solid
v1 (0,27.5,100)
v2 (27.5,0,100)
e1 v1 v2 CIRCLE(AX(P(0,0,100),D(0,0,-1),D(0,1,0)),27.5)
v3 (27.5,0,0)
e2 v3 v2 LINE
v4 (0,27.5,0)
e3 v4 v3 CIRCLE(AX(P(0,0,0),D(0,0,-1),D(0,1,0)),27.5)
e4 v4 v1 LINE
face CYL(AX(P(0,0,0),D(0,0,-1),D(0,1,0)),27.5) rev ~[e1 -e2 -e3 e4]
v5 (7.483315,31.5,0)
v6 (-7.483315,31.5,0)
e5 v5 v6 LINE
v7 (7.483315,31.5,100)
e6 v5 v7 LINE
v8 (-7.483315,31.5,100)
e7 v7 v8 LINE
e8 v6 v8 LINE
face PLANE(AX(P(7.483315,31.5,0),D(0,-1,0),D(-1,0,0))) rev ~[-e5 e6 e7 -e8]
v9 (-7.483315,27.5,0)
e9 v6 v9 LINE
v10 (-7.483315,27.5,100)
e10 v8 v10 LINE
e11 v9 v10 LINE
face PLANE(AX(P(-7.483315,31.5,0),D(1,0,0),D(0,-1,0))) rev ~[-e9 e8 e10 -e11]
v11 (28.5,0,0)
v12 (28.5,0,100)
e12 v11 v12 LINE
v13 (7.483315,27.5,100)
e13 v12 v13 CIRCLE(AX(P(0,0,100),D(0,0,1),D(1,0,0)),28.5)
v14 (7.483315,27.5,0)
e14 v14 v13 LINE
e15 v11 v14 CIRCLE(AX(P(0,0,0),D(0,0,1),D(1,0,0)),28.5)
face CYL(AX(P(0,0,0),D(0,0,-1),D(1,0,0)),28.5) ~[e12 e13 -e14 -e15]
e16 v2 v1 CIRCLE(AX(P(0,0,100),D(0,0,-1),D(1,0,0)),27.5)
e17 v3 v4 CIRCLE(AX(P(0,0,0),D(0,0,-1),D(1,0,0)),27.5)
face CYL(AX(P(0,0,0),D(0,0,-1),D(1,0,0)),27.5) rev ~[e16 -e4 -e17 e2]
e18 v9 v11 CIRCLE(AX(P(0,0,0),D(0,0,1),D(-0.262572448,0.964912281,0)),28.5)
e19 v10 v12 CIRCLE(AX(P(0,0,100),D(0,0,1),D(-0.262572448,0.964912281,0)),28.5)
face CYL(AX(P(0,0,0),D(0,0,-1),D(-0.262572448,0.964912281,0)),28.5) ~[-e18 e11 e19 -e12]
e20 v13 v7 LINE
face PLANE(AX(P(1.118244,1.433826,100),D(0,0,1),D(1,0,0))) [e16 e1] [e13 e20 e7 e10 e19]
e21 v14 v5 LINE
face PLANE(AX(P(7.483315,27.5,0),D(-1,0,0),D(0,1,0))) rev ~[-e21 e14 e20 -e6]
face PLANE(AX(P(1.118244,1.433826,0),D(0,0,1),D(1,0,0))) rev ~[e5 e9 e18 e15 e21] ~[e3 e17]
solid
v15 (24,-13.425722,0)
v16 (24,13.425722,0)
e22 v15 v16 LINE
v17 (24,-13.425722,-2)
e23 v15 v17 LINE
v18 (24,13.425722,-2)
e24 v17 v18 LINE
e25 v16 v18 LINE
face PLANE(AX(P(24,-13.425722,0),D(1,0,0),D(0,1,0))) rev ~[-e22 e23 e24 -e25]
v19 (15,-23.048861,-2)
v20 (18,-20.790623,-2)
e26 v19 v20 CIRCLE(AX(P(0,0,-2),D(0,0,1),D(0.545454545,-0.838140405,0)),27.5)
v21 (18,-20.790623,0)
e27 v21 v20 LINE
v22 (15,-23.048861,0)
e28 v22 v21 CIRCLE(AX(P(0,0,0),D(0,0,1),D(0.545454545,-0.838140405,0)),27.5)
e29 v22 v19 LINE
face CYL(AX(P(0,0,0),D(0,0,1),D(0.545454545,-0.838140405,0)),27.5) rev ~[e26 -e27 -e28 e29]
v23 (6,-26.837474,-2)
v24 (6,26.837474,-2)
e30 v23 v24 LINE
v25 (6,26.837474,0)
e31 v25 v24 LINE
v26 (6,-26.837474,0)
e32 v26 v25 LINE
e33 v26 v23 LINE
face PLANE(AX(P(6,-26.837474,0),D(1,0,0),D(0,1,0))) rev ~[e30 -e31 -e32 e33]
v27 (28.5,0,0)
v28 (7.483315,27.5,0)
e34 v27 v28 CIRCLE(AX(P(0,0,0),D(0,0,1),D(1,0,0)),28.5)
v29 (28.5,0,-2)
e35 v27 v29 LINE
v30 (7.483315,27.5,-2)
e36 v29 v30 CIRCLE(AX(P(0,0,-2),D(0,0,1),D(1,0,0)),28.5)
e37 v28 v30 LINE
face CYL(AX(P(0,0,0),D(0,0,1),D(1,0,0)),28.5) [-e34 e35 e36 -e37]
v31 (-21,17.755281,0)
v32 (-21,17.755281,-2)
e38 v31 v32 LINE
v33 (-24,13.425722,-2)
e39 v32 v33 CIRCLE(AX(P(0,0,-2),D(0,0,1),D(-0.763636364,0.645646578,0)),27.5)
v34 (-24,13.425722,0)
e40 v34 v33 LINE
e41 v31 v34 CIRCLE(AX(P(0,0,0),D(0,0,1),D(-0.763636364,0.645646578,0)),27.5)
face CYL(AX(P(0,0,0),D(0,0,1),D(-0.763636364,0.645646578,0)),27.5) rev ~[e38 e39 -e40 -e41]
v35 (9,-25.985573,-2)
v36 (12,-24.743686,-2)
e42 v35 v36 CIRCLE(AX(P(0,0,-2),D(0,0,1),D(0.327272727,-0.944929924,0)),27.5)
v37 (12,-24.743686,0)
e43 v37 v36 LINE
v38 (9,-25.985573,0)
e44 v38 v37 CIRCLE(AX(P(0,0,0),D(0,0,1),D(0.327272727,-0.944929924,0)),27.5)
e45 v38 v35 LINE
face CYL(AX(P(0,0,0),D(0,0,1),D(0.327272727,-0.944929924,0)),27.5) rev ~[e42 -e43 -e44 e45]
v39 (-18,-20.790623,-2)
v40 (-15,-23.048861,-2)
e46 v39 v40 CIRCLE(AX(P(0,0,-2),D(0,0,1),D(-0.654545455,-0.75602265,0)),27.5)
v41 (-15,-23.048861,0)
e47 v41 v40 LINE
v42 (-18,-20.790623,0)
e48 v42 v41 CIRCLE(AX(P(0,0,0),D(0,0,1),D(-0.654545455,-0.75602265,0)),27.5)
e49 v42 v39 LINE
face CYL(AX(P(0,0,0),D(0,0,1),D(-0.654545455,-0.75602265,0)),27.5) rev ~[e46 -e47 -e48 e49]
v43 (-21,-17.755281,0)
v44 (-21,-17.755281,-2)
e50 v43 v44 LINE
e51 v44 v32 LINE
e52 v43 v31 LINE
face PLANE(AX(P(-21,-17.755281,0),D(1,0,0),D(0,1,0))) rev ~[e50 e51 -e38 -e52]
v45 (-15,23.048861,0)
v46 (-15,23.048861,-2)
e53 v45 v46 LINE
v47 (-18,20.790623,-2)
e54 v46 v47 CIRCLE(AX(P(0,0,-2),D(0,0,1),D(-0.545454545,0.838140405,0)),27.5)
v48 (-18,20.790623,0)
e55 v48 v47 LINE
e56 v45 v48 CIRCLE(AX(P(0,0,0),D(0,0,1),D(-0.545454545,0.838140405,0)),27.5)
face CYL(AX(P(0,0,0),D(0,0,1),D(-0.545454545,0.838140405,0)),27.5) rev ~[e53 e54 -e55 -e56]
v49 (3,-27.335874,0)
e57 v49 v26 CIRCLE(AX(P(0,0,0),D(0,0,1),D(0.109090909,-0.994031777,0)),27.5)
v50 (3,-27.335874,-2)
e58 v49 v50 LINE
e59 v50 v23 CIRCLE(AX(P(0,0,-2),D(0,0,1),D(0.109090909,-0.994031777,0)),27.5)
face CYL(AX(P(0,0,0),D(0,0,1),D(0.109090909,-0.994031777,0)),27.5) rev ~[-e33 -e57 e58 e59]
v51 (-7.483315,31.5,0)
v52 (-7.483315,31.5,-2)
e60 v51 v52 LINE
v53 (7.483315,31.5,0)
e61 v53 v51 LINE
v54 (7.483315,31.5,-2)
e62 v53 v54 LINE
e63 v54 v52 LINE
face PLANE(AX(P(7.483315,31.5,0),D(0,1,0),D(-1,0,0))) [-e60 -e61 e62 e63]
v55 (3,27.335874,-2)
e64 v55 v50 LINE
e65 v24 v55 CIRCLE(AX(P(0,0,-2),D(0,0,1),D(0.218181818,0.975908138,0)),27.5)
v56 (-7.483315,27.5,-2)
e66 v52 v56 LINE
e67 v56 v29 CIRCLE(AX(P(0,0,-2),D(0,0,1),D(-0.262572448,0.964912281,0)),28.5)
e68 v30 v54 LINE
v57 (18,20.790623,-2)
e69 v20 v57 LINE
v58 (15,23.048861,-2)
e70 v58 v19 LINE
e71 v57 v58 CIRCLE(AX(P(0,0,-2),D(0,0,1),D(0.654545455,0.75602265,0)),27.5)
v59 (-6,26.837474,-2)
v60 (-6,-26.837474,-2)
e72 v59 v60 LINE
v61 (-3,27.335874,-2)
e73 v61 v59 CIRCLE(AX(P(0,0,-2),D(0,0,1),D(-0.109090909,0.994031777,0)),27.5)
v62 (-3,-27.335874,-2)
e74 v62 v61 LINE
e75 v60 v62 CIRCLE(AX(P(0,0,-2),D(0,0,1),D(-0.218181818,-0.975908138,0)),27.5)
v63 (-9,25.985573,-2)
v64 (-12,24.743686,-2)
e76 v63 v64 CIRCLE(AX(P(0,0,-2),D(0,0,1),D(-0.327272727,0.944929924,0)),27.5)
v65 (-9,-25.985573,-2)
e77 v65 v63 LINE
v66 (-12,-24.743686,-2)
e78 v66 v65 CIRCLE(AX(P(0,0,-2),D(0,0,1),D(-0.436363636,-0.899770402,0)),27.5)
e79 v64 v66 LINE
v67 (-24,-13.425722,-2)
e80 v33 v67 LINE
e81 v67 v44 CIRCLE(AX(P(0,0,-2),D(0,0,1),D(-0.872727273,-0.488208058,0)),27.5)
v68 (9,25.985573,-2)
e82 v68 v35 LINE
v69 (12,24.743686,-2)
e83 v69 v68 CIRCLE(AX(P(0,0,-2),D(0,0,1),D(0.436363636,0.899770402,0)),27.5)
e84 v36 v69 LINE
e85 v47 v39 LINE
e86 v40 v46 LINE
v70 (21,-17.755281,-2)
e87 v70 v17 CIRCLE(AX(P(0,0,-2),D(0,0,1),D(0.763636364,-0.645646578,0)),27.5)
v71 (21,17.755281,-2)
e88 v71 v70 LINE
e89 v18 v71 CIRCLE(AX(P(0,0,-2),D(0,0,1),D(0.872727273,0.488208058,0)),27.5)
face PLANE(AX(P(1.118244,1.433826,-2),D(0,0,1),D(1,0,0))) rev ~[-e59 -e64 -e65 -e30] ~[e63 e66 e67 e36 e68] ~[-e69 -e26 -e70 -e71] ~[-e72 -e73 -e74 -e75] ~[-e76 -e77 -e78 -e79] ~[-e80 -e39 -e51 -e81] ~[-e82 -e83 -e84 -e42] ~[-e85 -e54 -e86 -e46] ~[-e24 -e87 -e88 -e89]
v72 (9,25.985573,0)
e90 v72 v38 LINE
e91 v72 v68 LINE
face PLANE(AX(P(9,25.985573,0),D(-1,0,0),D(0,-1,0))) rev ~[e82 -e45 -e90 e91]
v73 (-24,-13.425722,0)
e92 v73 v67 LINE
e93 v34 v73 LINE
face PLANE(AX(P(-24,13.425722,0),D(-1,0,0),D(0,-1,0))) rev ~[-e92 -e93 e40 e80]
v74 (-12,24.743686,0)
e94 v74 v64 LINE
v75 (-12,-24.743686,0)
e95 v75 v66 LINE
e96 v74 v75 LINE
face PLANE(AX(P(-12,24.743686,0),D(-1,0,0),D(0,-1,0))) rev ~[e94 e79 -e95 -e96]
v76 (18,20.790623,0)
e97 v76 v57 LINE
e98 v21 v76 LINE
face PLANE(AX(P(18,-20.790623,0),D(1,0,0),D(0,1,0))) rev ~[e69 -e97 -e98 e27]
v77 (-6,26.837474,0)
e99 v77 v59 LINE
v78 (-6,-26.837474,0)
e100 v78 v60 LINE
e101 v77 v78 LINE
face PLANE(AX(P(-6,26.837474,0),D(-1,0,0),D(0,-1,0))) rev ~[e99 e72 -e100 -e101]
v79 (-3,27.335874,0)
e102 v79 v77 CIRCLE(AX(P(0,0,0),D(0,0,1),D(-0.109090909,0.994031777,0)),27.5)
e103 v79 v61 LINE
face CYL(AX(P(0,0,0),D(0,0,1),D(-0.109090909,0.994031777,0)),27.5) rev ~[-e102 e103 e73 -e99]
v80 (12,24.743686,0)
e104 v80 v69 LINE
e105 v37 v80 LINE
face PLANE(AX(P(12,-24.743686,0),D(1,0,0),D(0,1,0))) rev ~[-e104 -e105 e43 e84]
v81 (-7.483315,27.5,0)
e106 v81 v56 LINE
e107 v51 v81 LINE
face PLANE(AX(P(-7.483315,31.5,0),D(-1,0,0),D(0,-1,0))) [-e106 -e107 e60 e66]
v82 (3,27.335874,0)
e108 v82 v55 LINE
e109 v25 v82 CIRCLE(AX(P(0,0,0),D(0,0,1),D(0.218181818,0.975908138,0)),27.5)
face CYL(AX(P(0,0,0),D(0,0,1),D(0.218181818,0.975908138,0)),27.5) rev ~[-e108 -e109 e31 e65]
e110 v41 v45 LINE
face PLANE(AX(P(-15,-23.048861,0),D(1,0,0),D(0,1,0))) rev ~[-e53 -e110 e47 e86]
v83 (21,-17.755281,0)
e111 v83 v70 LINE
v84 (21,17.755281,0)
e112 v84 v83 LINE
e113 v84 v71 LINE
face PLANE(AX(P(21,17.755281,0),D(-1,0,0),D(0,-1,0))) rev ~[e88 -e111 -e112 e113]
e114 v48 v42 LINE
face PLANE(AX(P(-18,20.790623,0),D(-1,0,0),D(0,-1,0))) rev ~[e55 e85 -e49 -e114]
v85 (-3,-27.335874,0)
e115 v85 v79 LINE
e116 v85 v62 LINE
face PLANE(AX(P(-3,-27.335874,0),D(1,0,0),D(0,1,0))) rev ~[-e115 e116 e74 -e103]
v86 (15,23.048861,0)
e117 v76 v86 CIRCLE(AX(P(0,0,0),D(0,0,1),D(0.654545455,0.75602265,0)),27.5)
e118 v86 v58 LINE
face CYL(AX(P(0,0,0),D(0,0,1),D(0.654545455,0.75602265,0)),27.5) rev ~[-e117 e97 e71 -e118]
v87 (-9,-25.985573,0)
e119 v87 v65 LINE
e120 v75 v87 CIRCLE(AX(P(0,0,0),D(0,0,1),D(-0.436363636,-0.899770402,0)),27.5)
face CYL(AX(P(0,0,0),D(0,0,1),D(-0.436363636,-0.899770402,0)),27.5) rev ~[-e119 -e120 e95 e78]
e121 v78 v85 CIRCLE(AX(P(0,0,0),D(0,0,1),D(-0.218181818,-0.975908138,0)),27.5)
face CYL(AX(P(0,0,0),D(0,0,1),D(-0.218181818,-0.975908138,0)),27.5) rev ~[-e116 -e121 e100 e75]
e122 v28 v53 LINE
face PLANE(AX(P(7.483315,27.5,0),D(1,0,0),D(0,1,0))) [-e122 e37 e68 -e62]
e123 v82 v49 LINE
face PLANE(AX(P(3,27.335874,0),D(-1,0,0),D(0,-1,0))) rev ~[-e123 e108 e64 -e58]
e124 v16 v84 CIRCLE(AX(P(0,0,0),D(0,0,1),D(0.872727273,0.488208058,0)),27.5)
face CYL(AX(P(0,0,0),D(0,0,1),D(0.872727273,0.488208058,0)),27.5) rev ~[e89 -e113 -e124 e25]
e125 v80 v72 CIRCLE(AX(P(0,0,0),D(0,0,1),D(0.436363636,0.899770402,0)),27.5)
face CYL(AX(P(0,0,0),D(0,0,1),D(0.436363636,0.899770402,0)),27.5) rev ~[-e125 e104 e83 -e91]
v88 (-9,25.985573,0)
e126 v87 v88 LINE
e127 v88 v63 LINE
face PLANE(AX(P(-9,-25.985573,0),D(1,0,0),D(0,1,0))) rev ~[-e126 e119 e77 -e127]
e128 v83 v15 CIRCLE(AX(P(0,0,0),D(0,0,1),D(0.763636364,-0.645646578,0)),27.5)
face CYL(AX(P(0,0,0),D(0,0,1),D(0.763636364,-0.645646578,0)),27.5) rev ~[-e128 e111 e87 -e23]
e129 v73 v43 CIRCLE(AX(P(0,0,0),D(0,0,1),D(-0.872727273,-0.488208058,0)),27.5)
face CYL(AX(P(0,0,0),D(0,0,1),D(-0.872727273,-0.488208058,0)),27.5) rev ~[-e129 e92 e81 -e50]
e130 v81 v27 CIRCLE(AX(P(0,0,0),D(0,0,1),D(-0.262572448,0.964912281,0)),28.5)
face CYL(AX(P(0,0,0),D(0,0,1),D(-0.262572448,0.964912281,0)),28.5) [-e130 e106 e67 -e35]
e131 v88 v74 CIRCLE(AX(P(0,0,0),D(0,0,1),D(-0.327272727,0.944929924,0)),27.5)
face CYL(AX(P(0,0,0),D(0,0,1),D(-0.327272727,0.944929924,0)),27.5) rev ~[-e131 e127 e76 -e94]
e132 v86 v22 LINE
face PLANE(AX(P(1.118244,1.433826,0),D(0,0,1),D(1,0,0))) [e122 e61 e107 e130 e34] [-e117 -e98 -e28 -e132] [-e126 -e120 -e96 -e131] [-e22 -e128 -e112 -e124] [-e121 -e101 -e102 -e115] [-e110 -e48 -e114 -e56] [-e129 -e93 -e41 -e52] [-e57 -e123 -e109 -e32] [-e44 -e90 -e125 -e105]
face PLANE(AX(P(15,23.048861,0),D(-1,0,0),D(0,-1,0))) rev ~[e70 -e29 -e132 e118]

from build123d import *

# Parameters (mm, degrees)
F1_DEPTH = 2
F2_DEPTH = 100
F4_DEPTH = 2


with BuildPart() as f1:
    # F0 (on Top) → F1 (new body)
    with BuildSketch(Plane.XY):
        with BuildLine():
            Line((7.4833147735, 27.5), (0, 27.5))
            Line((0, 27.5), (-7.4833147735, 27.5))
            ThreePointArc((-7.4833147735, 27.5), (-17.3057147924, -22.6442539184), (28.5, 0))
            ThreePointArc((28.5, 0), (22.6442539184, 17.3057147924), (7.4833147735, 27.5))
        make_face()
        with BuildLine():
            ThreePointArc((0, 27.5), (19.4454364826, 19.4454364826), (27.5, 0))
            ThreePointArc((27.5, 0), (-19.4454364826, -19.4454364826), (0, 27.5))
        make_face(mode=Mode.SUBTRACT)
        with BuildLine():
            ThreePointArc((0, 27.5), (-19.4454364826, -19.4454364826), (27.5, 0))
            ThreePointArc((27.5, 0), (19.4454364826, 19.4454364826), (0, 27.5))
        make_face()
        with BuildLine():
            Line((-7.4833147735, 31.5), (-7.4833147735, 27.5))
            ThreePointArc((-7.4833147735, 27.5), (0, 28.5), (7.4833147735, 27.5))
            Line((7.4833147735, 27.5), (7.4833147735, 31.5))
            Line((7.4833147735, 31.5), (-7.4833147735, 31.5))
        make_face()
        with BuildLine():
            Line((-7.4833147735, 27.5), (0, 27.5))
            Line((0, 27.5), (7.4833147735, 27.5))
            ThreePointArc((7.4833147735, 27.5), (0, 28.5), (-7.4833147735, 27.5))
        make_face()
    extrude(amount=-F1_DEPTH)

    # F3 (on Top) → F4 (cut)
    with BuildSketch(Plane.XY):
        with BuildLine():
            Line((-3, 0), (-3, 27.3358738657))
            ThreePointArc((-3, 27.3358738657), (-4.5068947909, 27.1281753781), (-6, 26.8374738006))
            Line((-6, 26.8374738006), (-6, 0))
            Line((-6, 0), (-3, 0))
        make_face()
        with BuildLine():
            ThreePointArc((-6, -26.8374738006), (-4.5068947909, -27.1281753781), (-3, -27.3358738657))
            Line((-3, -27.3358738657), (-3, 0))
            Line((-3, 0), (-6, 0))
            Line((-6, 0), (-6, -26.8374738006))
        make_face()
        with BuildLine():
            ThreePointArc((-12, -24.7436860633), (-10.5183444867, -25.4089438832), (-9, -25.9855729204))
            Line((-9, -25.9855729204), (-9, 0))
            Line((-9, 0), (-12, 0))
            Line((-12, 0), (-12, -24.7436860633))
        make_face()
        with BuildLine():
            Line((-9, 0), (-9, 25.9855729204))
            ThreePointArc((-9, 25.9855729204), (-10.5183444867, 25.4089438832), (-12, 24.7436860633))
            Line((-12, 24.7436860633), (-12, 0))
            Line((-12, 0), (-9, 0))
        make_face()
        with BuildLine():
            Line((-15, 0), (-15, 23.0488611432))
            ThreePointArc((-15, 23.0488611432), (-16.5385885131, 21.9710056664), (-18, 20.7906228863))
            Line((-18, 20.7906228863), (-18, 0))
            Line((-18, 0), (-15, 0))
        make_face()
        with BuildLine():
            ThreePointArc((-18, -20.7906228863), (-16.5385885131, -21.9710056664), (-15, -23.0488611432))
            Line((-15, -23.0488611432), (-15, 0))
            Line((-15, 0), (-18, 0))
            Line((-18, 0), (-18, -20.7906228863))
        make_face()
        with BuildLine():
            ThreePointArc((-24, -13.4257215821), (-22.6038994641, -15.6624943422), (-21, -17.7552809046))
            Line((-21, -17.7552809046), (-21, 0))
            Line((-21, 0), (-24, 0))
            Line((-24, 0), (-24, -13.4257215821))
        make_face()
        with BuildLine():
            Line((-21, 0), (-21, 17.7552809046))
            ThreePointArc((-21, 17.7552809046), (-22.6038994641, 15.6624943422), (-24, 13.4257215821))
            Line((-24, 13.4257215821), (-24, 0))
            Line((-24, 0), (-21, 0))
        make_face()
        with BuildLine():
            Line((6, 0), (6, 26.8374738006))
            ThreePointArc((6, 26.8374738006), (4.5068947909, 27.1281753781), (3, 27.3358738657))
            Line((3, 27.3358738657), (3, 0))
            Line((3, 0), (6, 0))
        make_face()
        with BuildLine():
            ThreePointArc((3, -27.3358738657), (4.5068947909, -27.1281753781), (6, -26.8374738006))
            Line((6, -26.8374738006), (6, 0))
            Line((6, 0), (3, 0))
            Line((3, 0), (3, -27.3358738657))
        make_face()
        with BuildLine():
            ThreePointArc((9, -25.9855729204), (10.5183444867, -25.4089438832), (12, -24.7436860633))
            Line((12, -24.7436860633), (12, 0))
            Line((12, 0), (9, 0))
            Line((9, 0), (9, -25.9855729204))
        make_face()
        with BuildLine():
            Line((12, 0), (12, 24.7436860633))
            ThreePointArc((12, 24.7436860633), (10.5183444867, 25.4089438832), (9, 25.9855729204))
            Line((9, 25.9855729204), (9, 0))
            Line((9, 0), (12, 0))
        make_face()
        with BuildLine():
            Line((18, 0), (18, 20.7906228863))
            ThreePointArc((18, 20.7906228863), (16.5385885131, 21.9710056664), (15, 23.0488611432))
            Line((15, 23.0488611432), (15, 0))
            Line((15, 0), (18, 0))
        make_face()
        with BuildLine():
            ThreePointArc((15, -23.0488611432), (16.5385885131, -21.9710056664), (18, -20.7906228863))
            Line((18, -20.7906228863), (18, 0))
            Line((18, 0), (15, 0))
            Line((15, 0), (15, -23.0488611432))
        make_face()
        with BuildLine():
            Line((24, 0), (24, 13.4257215821))
            ThreePointArc((24, 13.4257215821), (22.6038994641, 15.6624943422), (21, 17.7552809046))
            Line((21, 17.7552809046), (21, 0))
            Line((21, 0), (24, 0))
        make_face()
        with BuildLine():
            ThreePointArc((21, -17.7552809046), (22.6038994641, -15.6624943422), (24, -13.4257215821))
            Line((24, -13.4257215821), (24, 0))
            Line((24, 0), (21, 0))
            Line((21, 0), (21, -17.7552809046))
        make_face()
    extrude(amount=-F4_DEPTH, mode=Mode.SUBTRACT)


with BuildPart() as f2:
    # F0 (on Top) → F2 (new body)
    with BuildSketch(Plane.XY):
        with BuildLine():
            Line((7.4833147735, 27.5), (0, 27.5))
            Line((0, 27.5), (-7.4833147735, 27.5))
            ThreePointArc((-7.4833147735, 27.5), (-17.3057147924, -22.6442539184), (28.5, 0))
            ThreePointArc((28.5, 0), (22.6442539184, 17.3057147924), (7.4833147735, 27.5))
        make_face()
        with BuildLine():
            ThreePointArc((0, 27.5), (19.4454364826, 19.4454364826), (27.5, 0))
            ThreePointArc((27.5, 0), (-19.4454364826, -19.4454364826), (0, 27.5))
        make_face(mode=Mode.SUBTRACT)
        with BuildLine():
            Line((-7.4833147735, 27.5), (0, 27.5))
            Line((0, 27.5), (7.4833147735, 27.5))
            ThreePointArc((7.4833147735, 27.5), (0, 28.5), (-7.4833147735, 27.5))
        make_face()
        with BuildLine():
            Line((-7.4833147735, 31.5), (-7.4833147735, 27.5))
            ThreePointArc((-7.4833147735, 27.5), (0, 28.5), (7.4833147735, 27.5))
            Line((7.4833147735, 27.5), (7.4833147735, 31.5))
            Line((7.4833147735, 31.5), (-7.4833147735, 31.5))
        make_face()
    extrude(amount=F2_DEPTH)


solid = Compound([f1.part, f2.part])
